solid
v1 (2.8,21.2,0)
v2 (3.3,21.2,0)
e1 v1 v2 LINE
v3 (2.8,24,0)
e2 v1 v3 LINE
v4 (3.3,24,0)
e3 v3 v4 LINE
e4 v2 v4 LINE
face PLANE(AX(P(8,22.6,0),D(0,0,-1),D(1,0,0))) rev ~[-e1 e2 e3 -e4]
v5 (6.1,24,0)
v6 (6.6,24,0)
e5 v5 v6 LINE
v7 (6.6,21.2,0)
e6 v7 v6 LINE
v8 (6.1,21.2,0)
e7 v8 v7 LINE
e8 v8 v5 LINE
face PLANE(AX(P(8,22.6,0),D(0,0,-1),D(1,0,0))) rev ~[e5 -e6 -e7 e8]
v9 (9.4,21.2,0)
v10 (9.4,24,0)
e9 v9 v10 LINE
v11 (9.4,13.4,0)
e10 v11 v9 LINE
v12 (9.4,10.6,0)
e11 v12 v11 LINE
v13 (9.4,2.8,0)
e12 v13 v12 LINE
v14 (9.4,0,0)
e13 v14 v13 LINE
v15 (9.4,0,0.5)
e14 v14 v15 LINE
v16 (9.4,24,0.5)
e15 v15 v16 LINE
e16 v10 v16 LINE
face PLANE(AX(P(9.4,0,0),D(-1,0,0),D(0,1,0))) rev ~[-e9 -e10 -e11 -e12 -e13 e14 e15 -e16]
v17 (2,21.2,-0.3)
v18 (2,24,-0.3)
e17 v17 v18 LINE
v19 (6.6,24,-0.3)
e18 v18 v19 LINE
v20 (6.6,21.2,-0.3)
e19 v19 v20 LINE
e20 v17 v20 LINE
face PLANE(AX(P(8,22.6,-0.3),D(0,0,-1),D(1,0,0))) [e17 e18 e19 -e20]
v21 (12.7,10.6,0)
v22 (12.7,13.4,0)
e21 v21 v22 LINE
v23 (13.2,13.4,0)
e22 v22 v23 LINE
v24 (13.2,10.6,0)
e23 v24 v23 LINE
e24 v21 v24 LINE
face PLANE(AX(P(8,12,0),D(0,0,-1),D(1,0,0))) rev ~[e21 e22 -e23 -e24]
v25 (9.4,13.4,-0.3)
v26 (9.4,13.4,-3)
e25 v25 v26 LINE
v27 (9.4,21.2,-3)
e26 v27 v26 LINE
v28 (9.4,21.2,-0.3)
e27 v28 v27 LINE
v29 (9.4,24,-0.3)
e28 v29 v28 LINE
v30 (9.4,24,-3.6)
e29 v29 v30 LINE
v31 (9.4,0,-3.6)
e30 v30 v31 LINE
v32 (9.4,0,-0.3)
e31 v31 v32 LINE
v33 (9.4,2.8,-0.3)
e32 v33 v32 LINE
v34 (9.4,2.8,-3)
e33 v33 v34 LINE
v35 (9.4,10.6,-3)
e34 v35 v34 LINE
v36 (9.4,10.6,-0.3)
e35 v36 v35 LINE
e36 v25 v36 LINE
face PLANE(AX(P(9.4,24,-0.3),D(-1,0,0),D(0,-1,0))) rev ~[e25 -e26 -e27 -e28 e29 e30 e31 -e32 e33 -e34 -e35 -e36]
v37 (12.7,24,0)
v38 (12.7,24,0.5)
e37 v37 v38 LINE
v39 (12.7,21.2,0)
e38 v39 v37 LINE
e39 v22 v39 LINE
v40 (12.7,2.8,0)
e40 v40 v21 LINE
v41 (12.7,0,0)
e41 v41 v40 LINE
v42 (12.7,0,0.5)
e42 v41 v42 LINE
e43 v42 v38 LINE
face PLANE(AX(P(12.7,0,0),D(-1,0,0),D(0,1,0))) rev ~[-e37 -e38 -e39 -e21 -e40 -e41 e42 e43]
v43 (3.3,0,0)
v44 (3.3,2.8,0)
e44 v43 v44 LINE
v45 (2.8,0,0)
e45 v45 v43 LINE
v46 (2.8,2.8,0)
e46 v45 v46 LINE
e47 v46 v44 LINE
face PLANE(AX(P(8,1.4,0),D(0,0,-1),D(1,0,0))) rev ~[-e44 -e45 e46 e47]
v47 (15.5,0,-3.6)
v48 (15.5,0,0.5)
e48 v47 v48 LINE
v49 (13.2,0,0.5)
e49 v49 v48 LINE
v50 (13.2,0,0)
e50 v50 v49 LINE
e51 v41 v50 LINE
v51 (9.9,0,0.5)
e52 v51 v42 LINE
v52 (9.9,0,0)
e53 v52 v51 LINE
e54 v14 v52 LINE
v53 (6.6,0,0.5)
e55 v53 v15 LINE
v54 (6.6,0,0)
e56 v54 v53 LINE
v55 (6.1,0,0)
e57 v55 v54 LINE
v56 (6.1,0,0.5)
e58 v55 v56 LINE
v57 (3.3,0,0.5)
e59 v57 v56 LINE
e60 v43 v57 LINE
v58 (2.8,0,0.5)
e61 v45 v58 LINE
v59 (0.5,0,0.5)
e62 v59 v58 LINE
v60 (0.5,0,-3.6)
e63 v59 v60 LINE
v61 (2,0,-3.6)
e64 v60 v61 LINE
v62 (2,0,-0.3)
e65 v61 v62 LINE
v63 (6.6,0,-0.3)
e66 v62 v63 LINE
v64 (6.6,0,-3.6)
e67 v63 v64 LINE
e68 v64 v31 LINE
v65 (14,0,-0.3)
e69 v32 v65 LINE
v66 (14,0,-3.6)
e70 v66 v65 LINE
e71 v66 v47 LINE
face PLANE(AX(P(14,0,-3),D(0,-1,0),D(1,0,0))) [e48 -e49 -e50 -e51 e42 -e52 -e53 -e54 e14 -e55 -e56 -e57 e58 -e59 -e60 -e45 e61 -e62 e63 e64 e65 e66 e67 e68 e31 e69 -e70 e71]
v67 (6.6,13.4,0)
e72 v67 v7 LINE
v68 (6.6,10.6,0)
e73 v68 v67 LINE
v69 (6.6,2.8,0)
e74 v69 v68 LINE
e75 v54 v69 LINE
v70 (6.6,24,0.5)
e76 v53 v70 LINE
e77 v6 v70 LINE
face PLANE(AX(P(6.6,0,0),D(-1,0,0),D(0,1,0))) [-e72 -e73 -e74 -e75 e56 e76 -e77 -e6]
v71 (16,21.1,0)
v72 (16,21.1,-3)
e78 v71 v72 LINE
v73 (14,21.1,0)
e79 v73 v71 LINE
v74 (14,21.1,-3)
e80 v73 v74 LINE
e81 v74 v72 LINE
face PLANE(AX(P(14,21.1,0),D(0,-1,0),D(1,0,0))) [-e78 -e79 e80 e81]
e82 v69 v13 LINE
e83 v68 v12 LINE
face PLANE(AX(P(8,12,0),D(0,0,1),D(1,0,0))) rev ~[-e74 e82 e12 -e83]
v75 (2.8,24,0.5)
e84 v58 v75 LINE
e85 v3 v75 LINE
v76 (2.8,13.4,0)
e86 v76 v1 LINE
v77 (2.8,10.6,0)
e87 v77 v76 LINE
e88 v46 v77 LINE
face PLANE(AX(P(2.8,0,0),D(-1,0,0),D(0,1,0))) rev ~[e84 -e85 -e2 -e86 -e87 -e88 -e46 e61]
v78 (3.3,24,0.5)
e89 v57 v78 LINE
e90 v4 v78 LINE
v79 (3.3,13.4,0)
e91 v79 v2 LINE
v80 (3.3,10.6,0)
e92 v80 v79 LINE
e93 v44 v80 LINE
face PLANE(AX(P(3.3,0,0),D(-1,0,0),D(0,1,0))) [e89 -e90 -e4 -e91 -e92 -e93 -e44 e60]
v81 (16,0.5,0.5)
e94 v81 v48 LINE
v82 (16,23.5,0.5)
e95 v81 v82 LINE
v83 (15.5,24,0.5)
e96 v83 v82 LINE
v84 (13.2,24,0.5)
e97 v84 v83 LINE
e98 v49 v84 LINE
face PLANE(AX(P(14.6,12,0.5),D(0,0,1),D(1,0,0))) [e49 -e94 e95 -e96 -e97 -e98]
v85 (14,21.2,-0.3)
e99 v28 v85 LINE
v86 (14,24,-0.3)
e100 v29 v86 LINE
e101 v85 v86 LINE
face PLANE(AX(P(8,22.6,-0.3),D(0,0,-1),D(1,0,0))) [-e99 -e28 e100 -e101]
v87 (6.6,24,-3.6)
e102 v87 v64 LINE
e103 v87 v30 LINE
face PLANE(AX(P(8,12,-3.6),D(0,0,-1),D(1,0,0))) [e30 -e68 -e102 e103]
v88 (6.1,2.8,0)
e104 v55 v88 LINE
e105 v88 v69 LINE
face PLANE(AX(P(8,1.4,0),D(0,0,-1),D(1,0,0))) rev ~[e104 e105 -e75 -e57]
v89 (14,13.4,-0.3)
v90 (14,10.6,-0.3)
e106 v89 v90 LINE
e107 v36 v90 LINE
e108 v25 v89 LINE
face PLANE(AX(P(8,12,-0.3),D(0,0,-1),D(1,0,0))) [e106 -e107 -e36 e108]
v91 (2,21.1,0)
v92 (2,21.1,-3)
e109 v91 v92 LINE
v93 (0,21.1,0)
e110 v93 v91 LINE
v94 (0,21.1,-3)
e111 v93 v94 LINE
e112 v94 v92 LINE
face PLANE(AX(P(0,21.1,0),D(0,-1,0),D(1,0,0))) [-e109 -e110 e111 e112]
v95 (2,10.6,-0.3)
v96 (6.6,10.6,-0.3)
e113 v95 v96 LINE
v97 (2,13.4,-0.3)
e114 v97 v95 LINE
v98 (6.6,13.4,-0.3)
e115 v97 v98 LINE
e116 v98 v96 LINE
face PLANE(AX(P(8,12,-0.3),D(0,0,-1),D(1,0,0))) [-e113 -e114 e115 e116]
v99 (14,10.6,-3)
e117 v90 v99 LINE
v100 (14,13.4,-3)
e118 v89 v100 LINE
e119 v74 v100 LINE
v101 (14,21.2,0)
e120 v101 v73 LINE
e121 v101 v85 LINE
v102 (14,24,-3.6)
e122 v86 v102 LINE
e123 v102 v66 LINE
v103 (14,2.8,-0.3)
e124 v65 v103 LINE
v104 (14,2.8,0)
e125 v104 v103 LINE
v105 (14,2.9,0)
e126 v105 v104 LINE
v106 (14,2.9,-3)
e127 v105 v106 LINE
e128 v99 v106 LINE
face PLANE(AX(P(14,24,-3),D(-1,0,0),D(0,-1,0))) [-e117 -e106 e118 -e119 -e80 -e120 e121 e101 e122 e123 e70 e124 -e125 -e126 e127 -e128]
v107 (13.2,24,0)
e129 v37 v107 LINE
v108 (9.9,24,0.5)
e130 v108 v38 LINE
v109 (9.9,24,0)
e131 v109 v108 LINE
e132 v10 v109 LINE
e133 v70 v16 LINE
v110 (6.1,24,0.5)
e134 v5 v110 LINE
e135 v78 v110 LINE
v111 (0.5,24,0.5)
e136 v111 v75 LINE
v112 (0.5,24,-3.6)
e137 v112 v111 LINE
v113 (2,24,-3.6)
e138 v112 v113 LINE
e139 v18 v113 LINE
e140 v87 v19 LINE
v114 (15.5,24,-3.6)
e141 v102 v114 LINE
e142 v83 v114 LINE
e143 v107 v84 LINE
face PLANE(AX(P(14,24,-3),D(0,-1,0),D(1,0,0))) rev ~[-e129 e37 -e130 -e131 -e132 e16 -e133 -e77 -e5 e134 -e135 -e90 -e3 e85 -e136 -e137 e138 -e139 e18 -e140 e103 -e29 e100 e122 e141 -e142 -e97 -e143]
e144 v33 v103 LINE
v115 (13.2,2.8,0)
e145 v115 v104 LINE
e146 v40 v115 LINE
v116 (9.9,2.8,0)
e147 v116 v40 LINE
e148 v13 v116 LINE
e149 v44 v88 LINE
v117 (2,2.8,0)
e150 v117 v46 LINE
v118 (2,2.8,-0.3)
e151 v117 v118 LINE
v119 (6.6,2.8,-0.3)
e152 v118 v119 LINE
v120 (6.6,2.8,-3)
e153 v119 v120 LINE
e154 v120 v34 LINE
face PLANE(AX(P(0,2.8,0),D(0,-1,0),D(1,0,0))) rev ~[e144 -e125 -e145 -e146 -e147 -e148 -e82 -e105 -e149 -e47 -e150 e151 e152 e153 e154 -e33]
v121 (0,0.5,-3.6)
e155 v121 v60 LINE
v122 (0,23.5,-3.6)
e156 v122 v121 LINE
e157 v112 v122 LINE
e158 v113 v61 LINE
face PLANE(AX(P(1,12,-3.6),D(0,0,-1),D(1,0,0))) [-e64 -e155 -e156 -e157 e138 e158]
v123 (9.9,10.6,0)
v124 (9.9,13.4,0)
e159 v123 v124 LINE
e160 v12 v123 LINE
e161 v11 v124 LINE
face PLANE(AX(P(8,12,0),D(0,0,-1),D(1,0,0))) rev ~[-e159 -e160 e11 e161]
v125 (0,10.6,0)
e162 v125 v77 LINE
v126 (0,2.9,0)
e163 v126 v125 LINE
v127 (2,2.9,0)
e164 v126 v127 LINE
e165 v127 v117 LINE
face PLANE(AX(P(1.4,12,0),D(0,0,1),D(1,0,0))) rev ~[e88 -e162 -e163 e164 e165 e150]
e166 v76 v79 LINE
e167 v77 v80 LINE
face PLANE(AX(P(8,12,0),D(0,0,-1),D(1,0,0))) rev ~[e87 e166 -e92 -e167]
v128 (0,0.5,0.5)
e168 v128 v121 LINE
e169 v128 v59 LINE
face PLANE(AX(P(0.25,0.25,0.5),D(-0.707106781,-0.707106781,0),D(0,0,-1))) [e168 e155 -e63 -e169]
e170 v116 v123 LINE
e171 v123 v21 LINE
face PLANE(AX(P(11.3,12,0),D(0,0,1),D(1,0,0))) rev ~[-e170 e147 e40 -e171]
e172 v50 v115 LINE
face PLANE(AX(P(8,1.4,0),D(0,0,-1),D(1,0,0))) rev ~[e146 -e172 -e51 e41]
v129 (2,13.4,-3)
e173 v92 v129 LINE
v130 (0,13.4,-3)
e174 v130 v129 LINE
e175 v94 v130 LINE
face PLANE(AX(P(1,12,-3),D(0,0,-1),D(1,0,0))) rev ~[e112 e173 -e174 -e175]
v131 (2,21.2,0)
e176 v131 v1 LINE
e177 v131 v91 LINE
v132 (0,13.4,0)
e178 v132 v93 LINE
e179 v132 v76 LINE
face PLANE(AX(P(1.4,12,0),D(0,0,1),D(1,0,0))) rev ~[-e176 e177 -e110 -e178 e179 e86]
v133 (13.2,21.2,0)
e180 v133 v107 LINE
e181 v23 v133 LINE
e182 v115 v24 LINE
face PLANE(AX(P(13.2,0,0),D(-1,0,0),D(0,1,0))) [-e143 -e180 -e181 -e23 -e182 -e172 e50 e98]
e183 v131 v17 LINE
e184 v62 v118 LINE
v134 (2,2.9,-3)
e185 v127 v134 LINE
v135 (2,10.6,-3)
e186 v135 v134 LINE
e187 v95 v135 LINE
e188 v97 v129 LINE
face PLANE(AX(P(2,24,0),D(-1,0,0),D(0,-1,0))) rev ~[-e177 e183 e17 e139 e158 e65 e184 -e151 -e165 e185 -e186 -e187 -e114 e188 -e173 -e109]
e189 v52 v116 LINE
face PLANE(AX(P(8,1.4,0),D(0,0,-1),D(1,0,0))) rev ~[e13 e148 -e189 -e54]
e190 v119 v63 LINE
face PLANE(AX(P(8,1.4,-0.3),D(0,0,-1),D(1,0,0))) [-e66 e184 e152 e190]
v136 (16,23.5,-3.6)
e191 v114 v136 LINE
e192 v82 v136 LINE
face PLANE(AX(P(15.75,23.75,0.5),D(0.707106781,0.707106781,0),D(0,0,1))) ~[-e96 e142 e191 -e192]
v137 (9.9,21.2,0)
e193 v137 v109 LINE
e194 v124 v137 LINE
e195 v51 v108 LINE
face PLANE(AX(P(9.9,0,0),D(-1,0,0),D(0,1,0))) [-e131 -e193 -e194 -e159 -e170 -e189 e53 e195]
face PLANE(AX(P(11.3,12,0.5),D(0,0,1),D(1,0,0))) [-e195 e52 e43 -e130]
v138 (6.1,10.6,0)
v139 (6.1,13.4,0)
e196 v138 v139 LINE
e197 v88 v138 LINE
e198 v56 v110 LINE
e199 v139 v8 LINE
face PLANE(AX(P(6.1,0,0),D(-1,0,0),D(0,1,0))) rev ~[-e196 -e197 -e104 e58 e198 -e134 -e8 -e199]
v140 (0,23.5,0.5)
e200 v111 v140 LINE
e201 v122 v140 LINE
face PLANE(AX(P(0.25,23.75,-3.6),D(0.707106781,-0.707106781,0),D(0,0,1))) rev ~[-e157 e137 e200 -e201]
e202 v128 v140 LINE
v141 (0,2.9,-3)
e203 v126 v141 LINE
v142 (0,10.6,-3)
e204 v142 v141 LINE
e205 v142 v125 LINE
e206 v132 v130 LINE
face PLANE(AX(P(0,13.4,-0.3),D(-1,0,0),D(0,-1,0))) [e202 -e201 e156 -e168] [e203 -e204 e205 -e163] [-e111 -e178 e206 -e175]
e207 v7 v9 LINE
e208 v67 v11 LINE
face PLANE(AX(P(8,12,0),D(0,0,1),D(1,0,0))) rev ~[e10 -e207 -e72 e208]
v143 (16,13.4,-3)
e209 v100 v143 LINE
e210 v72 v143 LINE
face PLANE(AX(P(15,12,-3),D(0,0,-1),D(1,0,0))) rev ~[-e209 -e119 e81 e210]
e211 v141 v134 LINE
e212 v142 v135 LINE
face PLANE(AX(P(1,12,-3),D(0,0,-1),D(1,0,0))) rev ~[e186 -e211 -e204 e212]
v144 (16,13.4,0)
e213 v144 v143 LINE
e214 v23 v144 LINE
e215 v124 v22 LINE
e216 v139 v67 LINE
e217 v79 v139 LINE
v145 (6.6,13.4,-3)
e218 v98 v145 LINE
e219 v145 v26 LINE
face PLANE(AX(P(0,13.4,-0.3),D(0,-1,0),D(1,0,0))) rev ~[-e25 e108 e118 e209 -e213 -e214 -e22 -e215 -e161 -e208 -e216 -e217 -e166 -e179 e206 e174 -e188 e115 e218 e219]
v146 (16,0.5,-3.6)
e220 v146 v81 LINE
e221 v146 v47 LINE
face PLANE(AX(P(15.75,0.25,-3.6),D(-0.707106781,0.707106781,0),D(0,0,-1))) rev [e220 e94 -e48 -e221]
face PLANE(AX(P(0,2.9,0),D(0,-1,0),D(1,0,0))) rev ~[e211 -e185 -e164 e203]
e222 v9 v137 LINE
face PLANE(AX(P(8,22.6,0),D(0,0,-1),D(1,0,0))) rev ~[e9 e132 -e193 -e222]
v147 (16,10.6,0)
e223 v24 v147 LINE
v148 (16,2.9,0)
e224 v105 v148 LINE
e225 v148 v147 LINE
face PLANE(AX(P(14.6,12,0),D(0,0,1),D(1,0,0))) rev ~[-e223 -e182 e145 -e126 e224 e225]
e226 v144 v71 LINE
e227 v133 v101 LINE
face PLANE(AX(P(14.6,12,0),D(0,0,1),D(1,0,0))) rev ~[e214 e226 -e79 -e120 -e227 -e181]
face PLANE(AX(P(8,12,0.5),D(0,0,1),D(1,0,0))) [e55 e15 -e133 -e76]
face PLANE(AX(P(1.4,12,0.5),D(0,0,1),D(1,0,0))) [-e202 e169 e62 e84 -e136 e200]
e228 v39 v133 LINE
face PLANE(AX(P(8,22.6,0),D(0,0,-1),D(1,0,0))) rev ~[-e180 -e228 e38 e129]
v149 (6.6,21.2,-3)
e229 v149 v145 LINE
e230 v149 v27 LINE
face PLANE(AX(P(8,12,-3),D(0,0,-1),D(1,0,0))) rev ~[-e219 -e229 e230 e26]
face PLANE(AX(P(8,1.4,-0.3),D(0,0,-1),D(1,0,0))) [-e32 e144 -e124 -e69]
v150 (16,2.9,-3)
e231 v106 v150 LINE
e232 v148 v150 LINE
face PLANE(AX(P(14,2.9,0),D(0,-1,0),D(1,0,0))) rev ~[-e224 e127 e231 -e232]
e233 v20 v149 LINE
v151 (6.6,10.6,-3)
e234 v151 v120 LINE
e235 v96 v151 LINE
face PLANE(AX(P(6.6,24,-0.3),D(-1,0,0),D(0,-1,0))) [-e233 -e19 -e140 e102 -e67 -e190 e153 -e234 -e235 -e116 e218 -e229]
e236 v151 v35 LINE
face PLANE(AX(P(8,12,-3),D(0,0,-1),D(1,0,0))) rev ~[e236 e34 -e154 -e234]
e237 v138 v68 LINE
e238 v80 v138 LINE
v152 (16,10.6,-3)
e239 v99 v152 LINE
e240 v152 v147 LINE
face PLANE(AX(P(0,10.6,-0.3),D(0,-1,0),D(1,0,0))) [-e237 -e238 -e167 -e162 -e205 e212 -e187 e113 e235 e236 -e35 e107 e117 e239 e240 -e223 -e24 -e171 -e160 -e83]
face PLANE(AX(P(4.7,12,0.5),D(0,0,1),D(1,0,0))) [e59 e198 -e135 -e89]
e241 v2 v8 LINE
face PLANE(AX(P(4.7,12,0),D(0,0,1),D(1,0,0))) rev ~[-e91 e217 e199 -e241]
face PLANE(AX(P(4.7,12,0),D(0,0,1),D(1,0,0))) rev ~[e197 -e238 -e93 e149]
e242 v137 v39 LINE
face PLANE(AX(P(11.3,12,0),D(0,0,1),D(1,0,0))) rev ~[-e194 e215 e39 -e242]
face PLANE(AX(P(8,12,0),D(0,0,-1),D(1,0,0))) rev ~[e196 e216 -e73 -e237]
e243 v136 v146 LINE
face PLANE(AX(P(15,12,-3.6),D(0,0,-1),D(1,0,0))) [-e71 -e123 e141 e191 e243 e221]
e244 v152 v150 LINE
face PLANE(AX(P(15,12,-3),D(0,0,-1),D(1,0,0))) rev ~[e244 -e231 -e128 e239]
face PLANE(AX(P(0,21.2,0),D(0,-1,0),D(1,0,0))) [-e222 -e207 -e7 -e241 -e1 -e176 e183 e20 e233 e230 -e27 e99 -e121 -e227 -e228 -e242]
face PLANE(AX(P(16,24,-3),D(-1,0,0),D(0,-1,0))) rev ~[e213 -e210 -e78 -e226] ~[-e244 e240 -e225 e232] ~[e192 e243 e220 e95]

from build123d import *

# Parameters (mm, degrees)
F0_W      = 2.8
F0_H      = 24
F1_DEPTH  = 0.5
F3_W      = 16
F3_H      = 2.8
F4_DEPTH  = 0.3
F2_W      = 2
F2_H      = 2.9
F5_DEPTH  = 3
F6_W      = 2
F6_H      = 2.8
F7_DEPTH  = 2.7
F9_W      = 2.8
F9_H      = 2.8
F10_DEPTH = 2.7
F11_W     = 2
F11_H     = 24
F11_W_2   = 2.8
F12_DEPTH = 0.6
F14_SIZE  = 0.5


with BuildPart() as f1:
    # F0 (on Top) → F1 (new body)
    with BuildSketch(Plane.XY):
        with Locations((1.4, 12)):
            Rectangle(F0_W, F0_H)
        with Locations((4.7, 12)):
            Rectangle(F0_W, F0_H)
        with Locations((8, 12)):
            Rectangle(F0_W, F0_H)
        with Locations((11.3, 12)):
            Rectangle(F0_W, F0_H)
        with Locations((14.6, 12)):
            Rectangle(F0_W, F0_H)
    extrude(amount=F1_DEPTH)


with BuildPart() as f4:
    # F3 (on face) → F4 (new body)
    with BuildSketch(Plane(origin=(0, 0, 0), x_dir=(1, 0, 0), z_dir=(0, 0, -1))):
        with Locations((8, -1.4)):
            Rectangle(F3_W, F3_H)
        with Locations((8, -22.6)):
            Rectangle(F3_W, F3_H)
        with Locations((8, -12)):
            Rectangle(F3_W, F3_H)
    extrude(amount=F4_DEPTH)

    # F6 (on face) → F7 (join)
    with BuildSketch(Plane(origin=(0, 0, -0.3), x_dir=(1, 0, 0), z_dir=(0, 0, -1))):
        with Locations((1, -12)):
            Rectangle(F6_W, F6_H)
        with Locations((15, -12)):
            Rectangle(F6_W, F6_H)
    extrude(amount=F7_DEPTH)


with BuildPart() as f5:
    # F2 (on face) → F5 (new body)
    with BuildSketch(Plane(origin=(0, 0, 0), x_dir=(1, 0, 0), z_dir=(0, 0, -1))):
        with Locations((1, -1.45)):
            Rectangle(F2_W, F2_H)
        with Locations((1, -22.55)):
            Rectangle(F2_W, F2_H)
        with Locations((15, -1.45)):
            Rectangle(F2_W, F2_H)
        with Locations((15, -22.55)):
            Rectangle(F2_W, F2_H)
    extrude(amount=F5_DEPTH)


with BuildPart() as f10:
    # F9 (on face) → F10 (new body)
    with BuildSketch(Plane(origin=(0, 0, -0.3), x_dir=(1, 0, 0), z_dir=(0, 0, -1))):
        with Locations((8, -1.4)):
            Rectangle(F9_W, F9_H)
        with Locations((8, -22.6)):
            Rectangle(F9_W, F9_H)
        with Locations((8, -12)):
            Rectangle(F9_W, F9_H)
    extrude(amount=F10_DEPTH)


with BuildPart() as f12:
    # F11 (on face) → F12 (new body)
    with BuildSketch(Plane(origin=(0, 0, -3), x_dir=(1, 0, 0), z_dir=(0, 0, -1))):
        with Locations((1, -12)):
            Rectangle(F11_W, F11_H)
        with Locations((8, -12)):
            Rectangle(F11_W_2, F11_H)
        with Locations((15, -12)):
            Rectangle(F11_W, F11_H)
    extrude(amount=F12_DEPTH)


with BuildPart() as f1_1:
    add(f1.part)

    # F13: union F4, F5, F10, F12
    add(f4.part)
    add(f5.part)
    add(f10.part)
    add(f12.part)

    # F14
    f14_edges = [f1_1.edges().sort_by_distance(p)[0] for p in [
        (0, 24, -1.55),
        (16, 24, -1.55),
        (0, 0, -1.55),
        (16, 0, -1.55),
    ]]
    chamfer(f14_edges, length=F14_SIZE)


solid = f1_1.part
